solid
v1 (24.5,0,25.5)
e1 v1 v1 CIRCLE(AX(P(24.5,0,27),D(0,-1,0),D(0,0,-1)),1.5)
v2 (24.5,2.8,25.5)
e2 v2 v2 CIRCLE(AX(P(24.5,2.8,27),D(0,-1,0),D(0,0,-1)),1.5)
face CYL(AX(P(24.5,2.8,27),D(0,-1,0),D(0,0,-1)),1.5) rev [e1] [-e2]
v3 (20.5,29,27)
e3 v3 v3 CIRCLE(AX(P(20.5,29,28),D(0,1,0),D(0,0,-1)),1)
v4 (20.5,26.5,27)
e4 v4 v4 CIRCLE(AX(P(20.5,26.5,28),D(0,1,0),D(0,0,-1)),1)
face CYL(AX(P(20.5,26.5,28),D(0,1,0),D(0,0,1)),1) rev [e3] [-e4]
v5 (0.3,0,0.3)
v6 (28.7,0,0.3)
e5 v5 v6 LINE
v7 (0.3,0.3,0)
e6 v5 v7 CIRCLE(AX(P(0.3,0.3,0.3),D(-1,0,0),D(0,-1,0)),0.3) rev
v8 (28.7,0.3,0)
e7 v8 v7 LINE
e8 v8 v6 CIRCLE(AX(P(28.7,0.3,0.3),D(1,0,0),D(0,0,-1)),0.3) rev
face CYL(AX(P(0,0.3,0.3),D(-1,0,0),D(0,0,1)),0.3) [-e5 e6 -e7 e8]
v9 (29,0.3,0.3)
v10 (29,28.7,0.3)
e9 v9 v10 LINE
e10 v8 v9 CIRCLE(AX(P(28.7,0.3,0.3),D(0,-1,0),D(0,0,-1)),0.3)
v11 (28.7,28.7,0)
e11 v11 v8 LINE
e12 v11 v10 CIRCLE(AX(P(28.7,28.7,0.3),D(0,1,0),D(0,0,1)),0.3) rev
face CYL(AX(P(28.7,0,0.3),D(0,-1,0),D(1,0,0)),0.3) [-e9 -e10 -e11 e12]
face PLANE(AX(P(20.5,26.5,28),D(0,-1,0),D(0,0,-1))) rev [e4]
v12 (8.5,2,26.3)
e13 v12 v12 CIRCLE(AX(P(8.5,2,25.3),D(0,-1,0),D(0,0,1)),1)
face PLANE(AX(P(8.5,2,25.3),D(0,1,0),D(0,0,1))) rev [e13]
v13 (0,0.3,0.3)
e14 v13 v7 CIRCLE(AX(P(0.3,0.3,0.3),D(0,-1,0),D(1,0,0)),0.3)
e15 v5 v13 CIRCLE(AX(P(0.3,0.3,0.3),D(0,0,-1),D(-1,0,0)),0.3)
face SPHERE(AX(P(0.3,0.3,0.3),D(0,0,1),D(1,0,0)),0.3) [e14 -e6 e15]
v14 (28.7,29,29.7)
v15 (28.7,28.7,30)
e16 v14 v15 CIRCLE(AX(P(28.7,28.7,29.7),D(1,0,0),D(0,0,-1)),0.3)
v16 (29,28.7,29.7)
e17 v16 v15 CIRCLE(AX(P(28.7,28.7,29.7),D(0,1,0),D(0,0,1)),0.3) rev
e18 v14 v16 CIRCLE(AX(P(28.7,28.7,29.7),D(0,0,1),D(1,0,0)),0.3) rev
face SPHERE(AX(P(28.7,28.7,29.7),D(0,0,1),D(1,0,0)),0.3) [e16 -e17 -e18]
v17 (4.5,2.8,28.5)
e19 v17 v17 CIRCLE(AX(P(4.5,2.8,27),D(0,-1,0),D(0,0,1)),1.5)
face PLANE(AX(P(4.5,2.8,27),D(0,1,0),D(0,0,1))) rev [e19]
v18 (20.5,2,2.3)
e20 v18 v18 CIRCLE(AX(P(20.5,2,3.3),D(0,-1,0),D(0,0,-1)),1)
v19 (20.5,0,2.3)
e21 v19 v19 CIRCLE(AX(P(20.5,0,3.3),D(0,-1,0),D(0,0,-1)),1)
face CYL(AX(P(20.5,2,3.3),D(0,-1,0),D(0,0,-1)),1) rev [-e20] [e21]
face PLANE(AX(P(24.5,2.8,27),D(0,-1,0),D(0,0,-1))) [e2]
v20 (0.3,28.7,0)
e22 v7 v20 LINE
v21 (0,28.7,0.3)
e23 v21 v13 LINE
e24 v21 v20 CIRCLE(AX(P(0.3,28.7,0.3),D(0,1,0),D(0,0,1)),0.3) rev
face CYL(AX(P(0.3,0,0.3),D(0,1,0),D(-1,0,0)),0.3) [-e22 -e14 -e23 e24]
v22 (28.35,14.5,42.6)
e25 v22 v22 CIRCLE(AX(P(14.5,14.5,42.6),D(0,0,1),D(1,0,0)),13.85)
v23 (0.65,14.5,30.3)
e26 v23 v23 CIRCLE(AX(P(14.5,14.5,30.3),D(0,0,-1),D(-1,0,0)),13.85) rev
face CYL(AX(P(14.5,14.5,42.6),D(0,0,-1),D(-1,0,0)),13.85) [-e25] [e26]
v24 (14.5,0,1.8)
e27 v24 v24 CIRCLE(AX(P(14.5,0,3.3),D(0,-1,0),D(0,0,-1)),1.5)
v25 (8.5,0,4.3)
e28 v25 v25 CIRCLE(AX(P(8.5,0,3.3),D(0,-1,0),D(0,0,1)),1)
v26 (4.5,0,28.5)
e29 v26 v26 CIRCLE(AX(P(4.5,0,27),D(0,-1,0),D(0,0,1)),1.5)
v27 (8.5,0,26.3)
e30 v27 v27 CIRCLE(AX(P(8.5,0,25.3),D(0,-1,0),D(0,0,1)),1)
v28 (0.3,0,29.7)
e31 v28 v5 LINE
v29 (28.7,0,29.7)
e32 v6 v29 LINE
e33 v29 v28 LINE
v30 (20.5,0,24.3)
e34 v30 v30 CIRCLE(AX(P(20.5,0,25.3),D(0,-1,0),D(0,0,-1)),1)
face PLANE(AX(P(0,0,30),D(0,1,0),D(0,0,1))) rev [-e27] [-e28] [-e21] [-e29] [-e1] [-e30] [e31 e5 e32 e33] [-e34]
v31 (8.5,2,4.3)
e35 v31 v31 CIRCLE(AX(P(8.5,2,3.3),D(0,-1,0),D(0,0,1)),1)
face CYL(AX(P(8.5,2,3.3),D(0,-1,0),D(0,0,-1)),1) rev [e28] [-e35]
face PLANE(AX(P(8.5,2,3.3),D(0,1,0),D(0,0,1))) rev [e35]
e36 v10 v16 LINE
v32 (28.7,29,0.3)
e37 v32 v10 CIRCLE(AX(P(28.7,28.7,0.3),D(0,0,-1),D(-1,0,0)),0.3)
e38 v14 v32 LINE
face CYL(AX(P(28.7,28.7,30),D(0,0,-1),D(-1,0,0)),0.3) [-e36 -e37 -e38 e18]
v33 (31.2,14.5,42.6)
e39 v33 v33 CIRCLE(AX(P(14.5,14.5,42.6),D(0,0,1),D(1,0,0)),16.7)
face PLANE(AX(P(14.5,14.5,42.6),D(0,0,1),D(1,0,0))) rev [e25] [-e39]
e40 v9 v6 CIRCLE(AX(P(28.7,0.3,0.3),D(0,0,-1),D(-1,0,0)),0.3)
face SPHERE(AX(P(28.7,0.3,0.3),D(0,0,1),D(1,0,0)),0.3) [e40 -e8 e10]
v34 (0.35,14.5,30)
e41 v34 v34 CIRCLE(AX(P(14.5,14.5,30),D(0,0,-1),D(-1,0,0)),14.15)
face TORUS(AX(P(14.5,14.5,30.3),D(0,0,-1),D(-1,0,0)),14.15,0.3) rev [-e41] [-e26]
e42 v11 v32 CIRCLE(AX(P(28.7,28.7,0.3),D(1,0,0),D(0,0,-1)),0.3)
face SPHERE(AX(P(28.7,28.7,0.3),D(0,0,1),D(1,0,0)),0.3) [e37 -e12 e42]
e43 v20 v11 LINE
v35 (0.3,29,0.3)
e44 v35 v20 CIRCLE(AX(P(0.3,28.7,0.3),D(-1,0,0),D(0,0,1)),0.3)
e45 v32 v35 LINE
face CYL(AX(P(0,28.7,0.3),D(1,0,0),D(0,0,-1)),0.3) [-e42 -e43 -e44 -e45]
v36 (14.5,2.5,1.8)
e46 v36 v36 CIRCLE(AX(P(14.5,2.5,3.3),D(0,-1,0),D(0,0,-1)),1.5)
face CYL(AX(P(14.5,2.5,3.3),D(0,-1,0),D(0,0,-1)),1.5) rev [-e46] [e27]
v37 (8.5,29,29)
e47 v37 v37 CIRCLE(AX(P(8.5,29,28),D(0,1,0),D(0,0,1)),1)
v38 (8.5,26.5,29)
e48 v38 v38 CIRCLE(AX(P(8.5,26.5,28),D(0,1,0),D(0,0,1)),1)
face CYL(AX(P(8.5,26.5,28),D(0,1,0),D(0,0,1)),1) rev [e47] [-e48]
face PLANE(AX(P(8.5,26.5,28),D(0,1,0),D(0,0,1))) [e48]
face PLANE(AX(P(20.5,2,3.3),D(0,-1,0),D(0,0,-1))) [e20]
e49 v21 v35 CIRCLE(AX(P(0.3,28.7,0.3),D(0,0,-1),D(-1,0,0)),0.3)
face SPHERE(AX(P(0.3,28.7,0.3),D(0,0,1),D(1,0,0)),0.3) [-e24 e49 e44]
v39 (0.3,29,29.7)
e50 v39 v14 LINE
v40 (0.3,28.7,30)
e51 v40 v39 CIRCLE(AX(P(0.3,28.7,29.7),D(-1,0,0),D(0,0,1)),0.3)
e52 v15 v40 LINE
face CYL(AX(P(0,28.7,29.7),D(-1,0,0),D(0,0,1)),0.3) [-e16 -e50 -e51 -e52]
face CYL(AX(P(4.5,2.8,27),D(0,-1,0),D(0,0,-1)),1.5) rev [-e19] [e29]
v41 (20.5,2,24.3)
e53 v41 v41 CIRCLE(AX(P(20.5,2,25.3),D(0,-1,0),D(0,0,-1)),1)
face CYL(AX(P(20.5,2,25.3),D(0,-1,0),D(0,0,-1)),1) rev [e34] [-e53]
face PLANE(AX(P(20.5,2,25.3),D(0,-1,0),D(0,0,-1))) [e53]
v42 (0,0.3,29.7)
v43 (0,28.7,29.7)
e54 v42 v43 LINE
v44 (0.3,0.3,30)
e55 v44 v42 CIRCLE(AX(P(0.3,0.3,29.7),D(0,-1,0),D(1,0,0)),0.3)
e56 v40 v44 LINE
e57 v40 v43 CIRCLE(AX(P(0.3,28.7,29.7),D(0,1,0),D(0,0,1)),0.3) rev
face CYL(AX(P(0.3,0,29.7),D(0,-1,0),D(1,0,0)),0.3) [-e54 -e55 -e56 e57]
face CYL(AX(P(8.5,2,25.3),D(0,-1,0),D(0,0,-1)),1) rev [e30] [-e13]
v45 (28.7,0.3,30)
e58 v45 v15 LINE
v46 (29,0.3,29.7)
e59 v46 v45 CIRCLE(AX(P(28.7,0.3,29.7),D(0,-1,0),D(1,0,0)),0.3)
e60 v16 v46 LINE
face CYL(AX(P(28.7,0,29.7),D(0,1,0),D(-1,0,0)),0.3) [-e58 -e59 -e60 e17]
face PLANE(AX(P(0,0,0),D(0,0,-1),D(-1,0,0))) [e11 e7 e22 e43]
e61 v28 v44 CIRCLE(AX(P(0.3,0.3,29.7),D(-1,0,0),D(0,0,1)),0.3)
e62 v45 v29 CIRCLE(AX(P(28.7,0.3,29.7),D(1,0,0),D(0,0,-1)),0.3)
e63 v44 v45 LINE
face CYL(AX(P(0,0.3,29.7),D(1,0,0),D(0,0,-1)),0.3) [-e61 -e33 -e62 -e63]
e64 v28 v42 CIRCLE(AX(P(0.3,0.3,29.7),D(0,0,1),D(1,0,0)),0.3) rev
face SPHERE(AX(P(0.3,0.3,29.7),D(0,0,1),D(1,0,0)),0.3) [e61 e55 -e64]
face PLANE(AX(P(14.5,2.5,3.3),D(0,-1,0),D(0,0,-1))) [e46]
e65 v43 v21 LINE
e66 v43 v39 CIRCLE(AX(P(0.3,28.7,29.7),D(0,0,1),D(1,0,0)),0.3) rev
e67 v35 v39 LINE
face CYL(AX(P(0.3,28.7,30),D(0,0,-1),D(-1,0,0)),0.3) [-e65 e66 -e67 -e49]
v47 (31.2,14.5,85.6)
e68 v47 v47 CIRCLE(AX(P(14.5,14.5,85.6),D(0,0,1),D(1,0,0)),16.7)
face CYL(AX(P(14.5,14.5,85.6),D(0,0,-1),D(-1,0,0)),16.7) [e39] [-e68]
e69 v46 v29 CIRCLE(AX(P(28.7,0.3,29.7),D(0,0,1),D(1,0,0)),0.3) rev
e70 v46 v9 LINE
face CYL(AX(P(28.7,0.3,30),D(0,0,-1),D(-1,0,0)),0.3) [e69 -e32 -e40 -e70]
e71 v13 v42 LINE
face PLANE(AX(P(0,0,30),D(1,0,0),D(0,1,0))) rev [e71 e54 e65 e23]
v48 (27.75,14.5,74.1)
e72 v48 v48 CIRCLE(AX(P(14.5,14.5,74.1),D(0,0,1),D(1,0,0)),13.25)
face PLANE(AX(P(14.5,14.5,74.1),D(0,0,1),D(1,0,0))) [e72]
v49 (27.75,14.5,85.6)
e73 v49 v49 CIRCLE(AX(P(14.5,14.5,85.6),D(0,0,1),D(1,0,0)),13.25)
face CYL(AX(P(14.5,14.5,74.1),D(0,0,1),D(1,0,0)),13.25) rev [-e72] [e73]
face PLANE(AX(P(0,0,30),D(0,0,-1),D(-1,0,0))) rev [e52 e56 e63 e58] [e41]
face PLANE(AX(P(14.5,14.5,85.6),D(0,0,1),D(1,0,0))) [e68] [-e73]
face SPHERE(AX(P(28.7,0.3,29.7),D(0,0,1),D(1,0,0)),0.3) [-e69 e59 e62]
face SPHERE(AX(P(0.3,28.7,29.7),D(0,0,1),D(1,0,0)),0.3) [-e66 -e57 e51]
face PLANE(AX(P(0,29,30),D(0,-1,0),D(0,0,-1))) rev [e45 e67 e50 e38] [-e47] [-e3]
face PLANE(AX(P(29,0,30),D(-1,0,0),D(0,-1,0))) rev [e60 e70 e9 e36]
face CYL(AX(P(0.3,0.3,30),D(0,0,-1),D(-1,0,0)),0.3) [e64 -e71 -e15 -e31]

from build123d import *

# Parameters (mm, degrees)
SKETCH1_W           = 29
SKETCH1_H           = 29
BOSS_EXTRUDE1_DEPTH = 30
SKETCH2_R           = 1
CUT_EXTRUDE1_DEPTH  = 2.5
SKETCH3_R           = 1.5
CUT_EXTRUDE2_DEPTH  = 2.8
SKETCH4_R           = 1.5
CUT_EXTRUDE3_DEPTH  = 2.5
SKETCH5_R           = 1
CUT_EXTRUDE4_DEPTH  = 2
SKETCH6_R           = 13.85
BOSS_EXTRUDE2_DEPTH = 12.6
SKETCH7_R           = 16.7
BOSS_EXTRUDE3_DEPTH = 43
FILLET1_R           = 0.3
SKETCH8_R           = 13.25
CUT_EXTRUDE5_DEPTH  = 11.5


with BuildPart() as part:
    # Sketch1 → Boss-Extrude1 (new body)
    with BuildSketch(Plane.XY):
        with Locations((14.5, 14.5)):
            Rectangle(SKETCH1_W, SKETCH1_H)
    extrude(amount=BOSS_EXTRUDE1_DEPTH)

    # Sketch2 → Cut-Extrude1 (cut)
    with BuildSketch(Plane(origin=(0, 29, 0), x_dir=(1, 0, 0), z_dir=(0, 1, 0))):
        with Locations(Location((8.5, -28, 0), (0, 0, 270))):
            Circle(SKETCH2_R)
        with Locations(Location((20.5, -28, 0), (0, 0, 90))):
            Circle(SKETCH2_R)
    extrude(amount=-CUT_EXTRUDE1_DEPTH, mode=Mode.SUBTRACT)

    # Sketch3 → Cut-Extrude2 (cut)
    with BuildSketch(Plane.XZ):
        with Locations(Location((24.5, 27, 0), (0, 0, 270))):
            Circle(SKETCH3_R)
        with Locations(Location((4.5, 27, 0), (0, 0, 90))):
            Circle(SKETCH3_R)
    extrude(amount=-CUT_EXTRUDE2_DEPTH, mode=Mode.SUBTRACT)

    # Sketch4 → Cut-Extrude3 (cut)
    with BuildSketch(Plane.XZ):
        with Locations(Location((14.5, 3.3, 0), (0, 0, 270))):
            Circle(SKETCH4_R)
    extrude(amount=-CUT_EXTRUDE3_DEPTH, mode=Mode.SUBTRACT)

    # Sketch5 → Cut-Extrude4 (cut)
    with BuildSketch(Plane.XZ):
        with Locations(Location((20.5, 25.3, 0), (0, 0, 270))):
            Circle(SKETCH5_R)
        with Locations(Location((20.5, 3.3, 0), (0, 0, 270))):
            Circle(SKETCH5_R)
        with Locations(Location((8.5, 3.3, 0), (0, 0, 90))):
            Circle(SKETCH5_R)
        with Locations(Location((8.5, 25.3, 0), (0, 0, 90))):
            Circle(SKETCH5_R)
    extrude(amount=-CUT_EXTRUDE4_DEPTH, mode=Mode.SUBTRACT)

    # Sketch6 → Boss-Extrude2 (add)
    with BuildSketch(Plane.XY.offset(30)):
        with Locations((14.5, 14.5)):
            Circle(SKETCH6_R)
    extrude(amount=BOSS_EXTRUDE2_DEPTH)

    # Sketch7 → Boss-Extrude3 (add)
    with BuildSketch(Plane.XY.offset(42.6)):
        with Locations((14.5, 14.5)):
            Circle(SKETCH7_R)
    extrude(amount=BOSS_EXTRUDE3_DEPTH)

    # Fillet1
    fillet1_edges = [part.edges().sort_by_distance(p)[0] for p in [
        (29, 14.5, 30),
        (14.5, 29, 30),
        (0, 14.5, 30),
        (14.5, 29, 0),
        (0.65, 14.5, 30),
        (29, 14.5, 0),
        (14.5, 0, 0),
        (0, 14.5, 0),
        (14.5, 0, 30),
        (0, 29, 15),
        (29, 29, 15),
        (29, 0, 15),
        (0, 0, 15),
    ]]
    fillet(fillet1_edges, radius=FILLET1_R)

    # Sketch8 → Cut-Extrude5 (cut)
    with BuildSketch(Plane.XY.offset(85.6)):
        with Locations((14.5, 14.5)):
            Circle(SKETCH8_R)
    extrude(amount=-CUT_EXTRUDE5_DEPTH, mode=Mode.SUBTRACT)


solid = part.part
